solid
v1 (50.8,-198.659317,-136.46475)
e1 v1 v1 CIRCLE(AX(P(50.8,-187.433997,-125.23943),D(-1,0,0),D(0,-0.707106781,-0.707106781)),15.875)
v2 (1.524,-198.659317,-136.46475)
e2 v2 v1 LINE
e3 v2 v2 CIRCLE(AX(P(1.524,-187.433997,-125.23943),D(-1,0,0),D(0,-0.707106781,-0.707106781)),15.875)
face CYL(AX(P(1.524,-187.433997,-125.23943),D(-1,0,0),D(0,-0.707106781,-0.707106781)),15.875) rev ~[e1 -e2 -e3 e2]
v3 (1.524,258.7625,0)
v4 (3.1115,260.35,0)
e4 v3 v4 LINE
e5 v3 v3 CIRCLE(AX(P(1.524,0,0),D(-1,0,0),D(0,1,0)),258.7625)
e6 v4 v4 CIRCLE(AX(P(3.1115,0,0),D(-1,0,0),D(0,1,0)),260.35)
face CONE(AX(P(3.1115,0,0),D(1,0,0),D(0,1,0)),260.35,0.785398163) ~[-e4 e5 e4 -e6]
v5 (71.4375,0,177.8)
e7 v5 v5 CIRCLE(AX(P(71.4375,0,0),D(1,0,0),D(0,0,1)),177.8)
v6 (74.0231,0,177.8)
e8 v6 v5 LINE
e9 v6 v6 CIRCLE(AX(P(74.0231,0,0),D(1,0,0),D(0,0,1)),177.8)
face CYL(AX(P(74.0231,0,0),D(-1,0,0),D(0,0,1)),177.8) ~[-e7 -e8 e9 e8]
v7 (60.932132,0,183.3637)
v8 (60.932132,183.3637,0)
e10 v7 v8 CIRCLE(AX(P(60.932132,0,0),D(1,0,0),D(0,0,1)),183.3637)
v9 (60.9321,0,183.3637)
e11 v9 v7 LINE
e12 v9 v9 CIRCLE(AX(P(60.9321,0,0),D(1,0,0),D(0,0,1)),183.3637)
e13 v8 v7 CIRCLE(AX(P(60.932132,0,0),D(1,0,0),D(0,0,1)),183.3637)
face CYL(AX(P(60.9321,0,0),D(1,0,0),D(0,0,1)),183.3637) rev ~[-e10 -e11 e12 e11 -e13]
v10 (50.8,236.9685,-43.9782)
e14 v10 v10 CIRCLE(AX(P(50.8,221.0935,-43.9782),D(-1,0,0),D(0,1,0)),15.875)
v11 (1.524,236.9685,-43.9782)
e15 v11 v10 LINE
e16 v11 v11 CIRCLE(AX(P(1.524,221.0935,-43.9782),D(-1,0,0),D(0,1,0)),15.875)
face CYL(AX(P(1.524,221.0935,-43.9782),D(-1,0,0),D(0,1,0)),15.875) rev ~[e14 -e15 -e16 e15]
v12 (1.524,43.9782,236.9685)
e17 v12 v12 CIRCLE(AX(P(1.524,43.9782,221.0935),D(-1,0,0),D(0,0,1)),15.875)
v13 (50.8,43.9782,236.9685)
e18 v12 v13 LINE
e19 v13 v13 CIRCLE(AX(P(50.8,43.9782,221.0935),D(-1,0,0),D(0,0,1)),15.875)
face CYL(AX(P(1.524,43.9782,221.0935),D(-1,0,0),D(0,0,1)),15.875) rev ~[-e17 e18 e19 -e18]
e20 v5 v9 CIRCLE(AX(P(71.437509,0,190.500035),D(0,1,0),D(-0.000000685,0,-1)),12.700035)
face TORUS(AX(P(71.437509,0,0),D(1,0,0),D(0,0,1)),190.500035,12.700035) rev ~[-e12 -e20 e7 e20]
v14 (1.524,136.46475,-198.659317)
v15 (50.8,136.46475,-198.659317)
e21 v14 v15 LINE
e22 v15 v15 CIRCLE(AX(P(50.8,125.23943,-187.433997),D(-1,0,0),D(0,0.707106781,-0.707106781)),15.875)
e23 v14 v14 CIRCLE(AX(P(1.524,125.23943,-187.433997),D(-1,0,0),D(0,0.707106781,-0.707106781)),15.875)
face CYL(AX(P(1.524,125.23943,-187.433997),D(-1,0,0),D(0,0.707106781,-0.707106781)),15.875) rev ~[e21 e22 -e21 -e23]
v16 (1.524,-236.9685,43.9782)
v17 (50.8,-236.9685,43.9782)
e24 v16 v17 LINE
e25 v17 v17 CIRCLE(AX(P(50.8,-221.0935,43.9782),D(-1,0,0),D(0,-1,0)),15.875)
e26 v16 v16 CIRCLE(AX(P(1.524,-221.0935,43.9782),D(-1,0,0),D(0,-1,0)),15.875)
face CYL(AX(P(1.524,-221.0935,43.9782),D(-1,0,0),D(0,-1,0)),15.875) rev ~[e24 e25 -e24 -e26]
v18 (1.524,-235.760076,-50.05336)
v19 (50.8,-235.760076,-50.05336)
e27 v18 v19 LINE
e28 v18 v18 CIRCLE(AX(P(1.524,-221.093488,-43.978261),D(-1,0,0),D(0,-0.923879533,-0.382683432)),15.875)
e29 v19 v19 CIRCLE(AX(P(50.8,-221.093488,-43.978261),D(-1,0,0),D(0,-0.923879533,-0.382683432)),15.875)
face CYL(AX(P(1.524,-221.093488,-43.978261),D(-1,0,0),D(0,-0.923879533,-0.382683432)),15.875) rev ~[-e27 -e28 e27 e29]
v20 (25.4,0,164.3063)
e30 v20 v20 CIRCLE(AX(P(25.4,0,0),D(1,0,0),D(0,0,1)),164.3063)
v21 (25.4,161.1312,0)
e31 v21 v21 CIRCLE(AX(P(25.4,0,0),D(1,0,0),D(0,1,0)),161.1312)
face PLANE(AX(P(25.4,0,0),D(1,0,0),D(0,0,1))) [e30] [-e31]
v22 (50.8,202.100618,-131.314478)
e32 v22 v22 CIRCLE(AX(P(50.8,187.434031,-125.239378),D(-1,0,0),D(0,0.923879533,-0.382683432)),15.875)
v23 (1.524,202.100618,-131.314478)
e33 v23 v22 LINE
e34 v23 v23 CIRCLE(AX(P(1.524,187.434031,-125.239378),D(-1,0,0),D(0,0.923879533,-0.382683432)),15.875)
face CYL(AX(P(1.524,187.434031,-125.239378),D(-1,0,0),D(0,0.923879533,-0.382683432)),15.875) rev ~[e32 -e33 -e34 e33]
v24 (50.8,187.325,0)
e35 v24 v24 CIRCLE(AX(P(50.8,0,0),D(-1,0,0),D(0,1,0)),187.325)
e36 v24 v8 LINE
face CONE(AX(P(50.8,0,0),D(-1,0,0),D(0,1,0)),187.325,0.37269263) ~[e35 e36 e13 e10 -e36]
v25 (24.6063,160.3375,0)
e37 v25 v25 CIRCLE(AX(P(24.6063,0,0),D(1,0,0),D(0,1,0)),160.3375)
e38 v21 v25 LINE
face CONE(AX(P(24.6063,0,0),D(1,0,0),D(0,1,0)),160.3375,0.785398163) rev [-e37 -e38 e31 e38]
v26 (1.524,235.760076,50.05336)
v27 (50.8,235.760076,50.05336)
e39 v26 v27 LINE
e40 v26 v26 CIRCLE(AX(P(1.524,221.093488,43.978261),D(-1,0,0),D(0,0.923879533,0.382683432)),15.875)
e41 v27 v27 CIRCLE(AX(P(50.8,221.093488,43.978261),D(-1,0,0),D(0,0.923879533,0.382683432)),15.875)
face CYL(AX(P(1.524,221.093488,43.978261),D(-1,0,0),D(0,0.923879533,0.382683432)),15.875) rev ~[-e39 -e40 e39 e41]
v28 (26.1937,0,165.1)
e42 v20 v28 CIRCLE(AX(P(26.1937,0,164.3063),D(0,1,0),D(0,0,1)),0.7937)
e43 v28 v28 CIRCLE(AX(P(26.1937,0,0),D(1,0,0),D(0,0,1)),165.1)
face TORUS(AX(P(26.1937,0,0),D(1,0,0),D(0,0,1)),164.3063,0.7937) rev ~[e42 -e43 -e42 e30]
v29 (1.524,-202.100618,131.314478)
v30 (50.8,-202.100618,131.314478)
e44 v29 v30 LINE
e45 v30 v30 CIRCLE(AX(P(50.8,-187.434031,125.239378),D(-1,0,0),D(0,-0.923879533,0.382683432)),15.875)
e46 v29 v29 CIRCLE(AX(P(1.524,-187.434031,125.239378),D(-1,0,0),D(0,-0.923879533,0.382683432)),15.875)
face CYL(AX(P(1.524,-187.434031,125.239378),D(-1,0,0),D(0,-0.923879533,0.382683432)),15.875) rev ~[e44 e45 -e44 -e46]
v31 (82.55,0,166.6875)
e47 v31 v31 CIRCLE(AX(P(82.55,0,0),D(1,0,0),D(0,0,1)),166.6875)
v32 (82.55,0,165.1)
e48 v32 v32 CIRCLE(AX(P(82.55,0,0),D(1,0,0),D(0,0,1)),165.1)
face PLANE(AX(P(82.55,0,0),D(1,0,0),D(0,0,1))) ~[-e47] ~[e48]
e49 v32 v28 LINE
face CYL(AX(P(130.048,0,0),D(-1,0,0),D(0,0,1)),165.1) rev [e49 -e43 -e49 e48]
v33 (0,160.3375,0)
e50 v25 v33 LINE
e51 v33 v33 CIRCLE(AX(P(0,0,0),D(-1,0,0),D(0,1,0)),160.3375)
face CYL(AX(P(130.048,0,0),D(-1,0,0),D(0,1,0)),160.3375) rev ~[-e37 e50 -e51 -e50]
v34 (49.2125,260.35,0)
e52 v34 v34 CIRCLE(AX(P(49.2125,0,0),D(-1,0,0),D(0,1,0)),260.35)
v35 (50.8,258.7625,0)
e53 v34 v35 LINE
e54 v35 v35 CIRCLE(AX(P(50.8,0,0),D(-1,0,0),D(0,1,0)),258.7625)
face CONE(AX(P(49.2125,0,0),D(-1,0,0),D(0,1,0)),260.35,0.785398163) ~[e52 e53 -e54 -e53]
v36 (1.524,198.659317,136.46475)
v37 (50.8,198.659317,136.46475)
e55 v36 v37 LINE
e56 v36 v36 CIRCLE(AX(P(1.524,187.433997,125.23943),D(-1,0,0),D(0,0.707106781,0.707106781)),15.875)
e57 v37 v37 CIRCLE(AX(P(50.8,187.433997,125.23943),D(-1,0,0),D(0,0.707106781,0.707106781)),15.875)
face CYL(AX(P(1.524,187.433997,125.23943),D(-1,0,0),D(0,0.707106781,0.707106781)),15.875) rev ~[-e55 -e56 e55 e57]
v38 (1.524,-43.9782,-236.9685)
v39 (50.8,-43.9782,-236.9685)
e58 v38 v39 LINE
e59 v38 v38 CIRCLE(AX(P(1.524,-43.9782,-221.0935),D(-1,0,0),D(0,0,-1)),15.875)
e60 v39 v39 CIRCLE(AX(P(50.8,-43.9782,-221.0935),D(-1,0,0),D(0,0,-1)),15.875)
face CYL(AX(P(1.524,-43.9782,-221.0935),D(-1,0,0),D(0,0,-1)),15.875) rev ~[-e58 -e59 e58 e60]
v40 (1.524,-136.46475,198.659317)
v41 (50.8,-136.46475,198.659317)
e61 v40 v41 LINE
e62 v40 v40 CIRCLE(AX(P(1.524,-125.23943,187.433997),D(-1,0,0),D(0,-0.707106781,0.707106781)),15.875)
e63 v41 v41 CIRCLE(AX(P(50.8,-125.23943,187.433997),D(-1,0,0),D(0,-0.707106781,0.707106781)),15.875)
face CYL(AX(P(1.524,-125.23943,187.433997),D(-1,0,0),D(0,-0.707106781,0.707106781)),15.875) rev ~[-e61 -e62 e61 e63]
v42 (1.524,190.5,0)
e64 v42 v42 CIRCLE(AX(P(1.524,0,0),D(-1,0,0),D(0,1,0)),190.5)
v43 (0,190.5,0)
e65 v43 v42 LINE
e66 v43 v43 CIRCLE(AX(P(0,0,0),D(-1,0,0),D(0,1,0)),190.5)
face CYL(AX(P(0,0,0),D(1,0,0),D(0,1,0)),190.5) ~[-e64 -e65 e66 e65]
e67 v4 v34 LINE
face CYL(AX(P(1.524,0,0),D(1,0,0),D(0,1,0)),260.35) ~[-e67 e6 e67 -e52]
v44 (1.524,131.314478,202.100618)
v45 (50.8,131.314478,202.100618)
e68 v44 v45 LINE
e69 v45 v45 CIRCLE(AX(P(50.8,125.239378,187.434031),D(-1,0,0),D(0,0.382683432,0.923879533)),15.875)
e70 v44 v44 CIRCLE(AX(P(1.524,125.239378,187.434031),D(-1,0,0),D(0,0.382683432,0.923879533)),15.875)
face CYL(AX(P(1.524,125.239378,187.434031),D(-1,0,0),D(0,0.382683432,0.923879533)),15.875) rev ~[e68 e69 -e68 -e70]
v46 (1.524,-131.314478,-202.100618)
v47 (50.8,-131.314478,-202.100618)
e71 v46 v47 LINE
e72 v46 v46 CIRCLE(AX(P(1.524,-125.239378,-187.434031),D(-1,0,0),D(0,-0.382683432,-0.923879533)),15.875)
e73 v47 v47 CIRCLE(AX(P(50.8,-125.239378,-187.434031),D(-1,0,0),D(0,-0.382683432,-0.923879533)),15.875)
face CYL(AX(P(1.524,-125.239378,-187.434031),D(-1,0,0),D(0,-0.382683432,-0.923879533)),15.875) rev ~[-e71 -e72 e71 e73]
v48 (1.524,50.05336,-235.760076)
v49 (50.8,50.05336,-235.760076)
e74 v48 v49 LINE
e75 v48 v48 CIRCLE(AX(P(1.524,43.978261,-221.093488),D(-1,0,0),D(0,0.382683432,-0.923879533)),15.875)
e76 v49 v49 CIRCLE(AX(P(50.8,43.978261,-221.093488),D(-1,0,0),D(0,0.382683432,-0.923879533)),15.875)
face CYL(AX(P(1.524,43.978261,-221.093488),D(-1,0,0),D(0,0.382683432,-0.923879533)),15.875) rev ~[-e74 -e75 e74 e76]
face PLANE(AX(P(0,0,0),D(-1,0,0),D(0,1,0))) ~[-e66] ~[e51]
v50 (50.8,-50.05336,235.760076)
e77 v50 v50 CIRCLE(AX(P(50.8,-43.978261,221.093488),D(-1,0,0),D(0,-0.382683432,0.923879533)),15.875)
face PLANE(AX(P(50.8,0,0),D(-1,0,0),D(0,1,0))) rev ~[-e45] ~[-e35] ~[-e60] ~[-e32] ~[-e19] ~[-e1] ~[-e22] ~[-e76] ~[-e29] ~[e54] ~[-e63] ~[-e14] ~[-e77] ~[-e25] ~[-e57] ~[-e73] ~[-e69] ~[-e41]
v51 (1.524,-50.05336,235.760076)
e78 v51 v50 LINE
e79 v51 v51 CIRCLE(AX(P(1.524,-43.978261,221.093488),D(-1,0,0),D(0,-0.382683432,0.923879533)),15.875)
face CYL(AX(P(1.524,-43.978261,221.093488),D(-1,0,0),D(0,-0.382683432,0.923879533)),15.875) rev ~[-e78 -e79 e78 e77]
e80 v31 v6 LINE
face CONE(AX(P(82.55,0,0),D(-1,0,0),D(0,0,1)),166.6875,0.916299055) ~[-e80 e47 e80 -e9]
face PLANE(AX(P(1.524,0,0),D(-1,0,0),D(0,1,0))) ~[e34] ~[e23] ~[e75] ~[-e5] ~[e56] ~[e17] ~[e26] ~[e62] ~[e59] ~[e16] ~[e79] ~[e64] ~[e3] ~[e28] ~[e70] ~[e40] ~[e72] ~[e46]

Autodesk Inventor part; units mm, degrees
ref_plane "YZ Plane" through (0, 0, 0) normal (1, 0, 0) x (0, 1, 0)
ref_plane "XZ Plane" through (0, 0, 0) normal (0, 1, 0) x (-1, 0, 0)
ref_plane "XY Plane" through (0, 0, 0) normal (0, 0, 1) x (1, 0, 0)
sketch "Sketch1" plane through (0, 0, 0) normal (0, 0, 1) x (1, 0, 0)
  line L0 (0, 0) -> (0, 190.5)
  line L1 (0, 190.5) -> (1.524, 190.5)
  line L2 (1.524, 190.5) -> (1.524, 260.35)
  line L3 (1.524, 260.35) -> (50.8, 260.35)
  line L4 (50.8, 260.35) -> (50.8, 187.325)
  line L5 (50.8, 187.325) -> (115.7676, 161.925)
  line L6 (115.7676, 161.925) -> (130.048, 161.925)
  line L7 (130.048, 161.925) -> (130.048, 0)
  line L8 (130.048, 0) -> (0, 0)
  line L9 (130.048, 160.3375) -> (0, 160.3375)
  dimension "d0" = 520.7
  dimension "d1" = 381
  dimension "d2" = 1.524
  dimension "d3" = 320.675
  dimension "d4" = 323.85
  dimension "d7" = 374.65
  dimension "d18" = 49.276
  dimension "d20" = 128.524
  dimension "d21" = 14.2804
revolve "Revolution1" add sketch "Sketch1" angle 360 about axis through (130.048, 0, 0) along (-1, 0, 0) contours L0 L1 L2 L3 L4 L5 L6 L7 L9
sketch "Sketch2" plane through (1.524, 0, 0) normal (-1, 0, 0) x (0, 0, 1)
  circle A0 centre (0, 0) radius 260.35 projected
  circle A1 centre (0, 0) radius 190.5 projected
  circle A2 centre (221.0935, 43.9782) radius 15.875
  line L0 (221.0935, 43.9782) -> (0, 0) construction
  circle A3 centre (0, 0) radius 225.425 construction
  line L1 (0, 0) -> (225.425, 0) construction
  dimension "d10" = 225.425
  dimension "d11" = 31.75
  dimension "d17" = 11.25
extrude "Extrusion1" cut sketch "Sketch2" against normal through all contours A2
pattern_circular "Circular Pattern1" count 16 over 360 about axis through (83.2838, 0, 0) along (1, 0, 0) of "Extrusion1"
chamfer "Chamfer1" distance 1.5875 angle 45 2 edges at (1.524, -260.35, 0) (50.8, -260.35, 0)
sketch "Sketch3" plane through (0, 0, 0) normal (0, 1, 0) x (-1, 0, 0)
  line L0 (-50.8, 187.325) -> (-115.7676, 161.925) construction
  line L1 (-115.7676, 161.925) -> (-130.048, 161.925) construction
  line L2 (-130.048, 160.3375) -> (0, 160.3375) construction
  line L3 (26.0096, 0) -> (-156.0576, 0) projected
  line L4 (-25.4, 160.3375) -> (-130.048, 160.3375)
  line L5 (-130.048, 160.3375) -> (-130.048, 165.1)
  line L6 (-130.048, 165.1) -> (-25.4, 165.1)
  line L7 (-25.4, 165.1) -> (-25.4, 160.3375)
  line L8 (-82.55, 165.1) -> (-82.55, 166.6875)
  line L9 (-82.55, 166.6875) -> (-74.0231, 177.8)
  line L10 (-74.0231, 177.8) -> (-71.4375, 177.8)
  arc A0 (-71.4375, 177.8) -> (-60.9321, 183.3637) centre (-71.4375, 190.5) ccw
  line L11 (-60.9321, 183.3637) -> (-130.048, 183.3637)
  line L12 (-130.048, 183.3637) -> (-130.048, 165.1)
  point P0 (0, 0)
  dimension "d25" = 25.4
  dimension "d26" = 330.2
  dimension "d27" = 355.6
  dimension "d28" = 1.5875
  dimension "d29" = 37.5
  dimension "d30" = 12.7
  dimension "d31" = 82.55
  dimension "d32" = 11.1125
  dimension "d33" = 2.5856
revolve "Revolution2" cut sketch "Sketch3" angle 360 about axis through (-10, 0, 0) along (1, 0, 0)
fillet "Fillet1" radius 0.7937 1 edges at (25.4, 0, -165.1)
chamfer "Chamfer2" distance 0.7937 angle 45 1 edges at (25.4, -160.3375, 0)
equation "\"d0\" = O"
equation "\"d1\" = R"
equation "\"d3\" = B"
equation "\"d4\" = A"
equation "\"d7\" = X"
equation "\"d18\" = C1"
equation "\"d20\" = Y"
equation "\"d21\" = 0.111111 * Y"
equation "\"d10\" = 0.5 * BC"
equation "\"d11\" = DH"
equation "\"O\" = 520.7"
equation "\"C1\" = 49.276"
equation "\"X\" = 374.65"
equation "\"A\" = 323.85"
equation "\"Y\" = 128.524"
equation "\"B\" = 320.675"
equation "\"BC\" = 450.85"
equation "\"DH\" = 31.75"
equation "\"R\" = 381"
properties part number "A1-19027-400-06 12in CL300 RFWN flange" material "Steel, Mild"
